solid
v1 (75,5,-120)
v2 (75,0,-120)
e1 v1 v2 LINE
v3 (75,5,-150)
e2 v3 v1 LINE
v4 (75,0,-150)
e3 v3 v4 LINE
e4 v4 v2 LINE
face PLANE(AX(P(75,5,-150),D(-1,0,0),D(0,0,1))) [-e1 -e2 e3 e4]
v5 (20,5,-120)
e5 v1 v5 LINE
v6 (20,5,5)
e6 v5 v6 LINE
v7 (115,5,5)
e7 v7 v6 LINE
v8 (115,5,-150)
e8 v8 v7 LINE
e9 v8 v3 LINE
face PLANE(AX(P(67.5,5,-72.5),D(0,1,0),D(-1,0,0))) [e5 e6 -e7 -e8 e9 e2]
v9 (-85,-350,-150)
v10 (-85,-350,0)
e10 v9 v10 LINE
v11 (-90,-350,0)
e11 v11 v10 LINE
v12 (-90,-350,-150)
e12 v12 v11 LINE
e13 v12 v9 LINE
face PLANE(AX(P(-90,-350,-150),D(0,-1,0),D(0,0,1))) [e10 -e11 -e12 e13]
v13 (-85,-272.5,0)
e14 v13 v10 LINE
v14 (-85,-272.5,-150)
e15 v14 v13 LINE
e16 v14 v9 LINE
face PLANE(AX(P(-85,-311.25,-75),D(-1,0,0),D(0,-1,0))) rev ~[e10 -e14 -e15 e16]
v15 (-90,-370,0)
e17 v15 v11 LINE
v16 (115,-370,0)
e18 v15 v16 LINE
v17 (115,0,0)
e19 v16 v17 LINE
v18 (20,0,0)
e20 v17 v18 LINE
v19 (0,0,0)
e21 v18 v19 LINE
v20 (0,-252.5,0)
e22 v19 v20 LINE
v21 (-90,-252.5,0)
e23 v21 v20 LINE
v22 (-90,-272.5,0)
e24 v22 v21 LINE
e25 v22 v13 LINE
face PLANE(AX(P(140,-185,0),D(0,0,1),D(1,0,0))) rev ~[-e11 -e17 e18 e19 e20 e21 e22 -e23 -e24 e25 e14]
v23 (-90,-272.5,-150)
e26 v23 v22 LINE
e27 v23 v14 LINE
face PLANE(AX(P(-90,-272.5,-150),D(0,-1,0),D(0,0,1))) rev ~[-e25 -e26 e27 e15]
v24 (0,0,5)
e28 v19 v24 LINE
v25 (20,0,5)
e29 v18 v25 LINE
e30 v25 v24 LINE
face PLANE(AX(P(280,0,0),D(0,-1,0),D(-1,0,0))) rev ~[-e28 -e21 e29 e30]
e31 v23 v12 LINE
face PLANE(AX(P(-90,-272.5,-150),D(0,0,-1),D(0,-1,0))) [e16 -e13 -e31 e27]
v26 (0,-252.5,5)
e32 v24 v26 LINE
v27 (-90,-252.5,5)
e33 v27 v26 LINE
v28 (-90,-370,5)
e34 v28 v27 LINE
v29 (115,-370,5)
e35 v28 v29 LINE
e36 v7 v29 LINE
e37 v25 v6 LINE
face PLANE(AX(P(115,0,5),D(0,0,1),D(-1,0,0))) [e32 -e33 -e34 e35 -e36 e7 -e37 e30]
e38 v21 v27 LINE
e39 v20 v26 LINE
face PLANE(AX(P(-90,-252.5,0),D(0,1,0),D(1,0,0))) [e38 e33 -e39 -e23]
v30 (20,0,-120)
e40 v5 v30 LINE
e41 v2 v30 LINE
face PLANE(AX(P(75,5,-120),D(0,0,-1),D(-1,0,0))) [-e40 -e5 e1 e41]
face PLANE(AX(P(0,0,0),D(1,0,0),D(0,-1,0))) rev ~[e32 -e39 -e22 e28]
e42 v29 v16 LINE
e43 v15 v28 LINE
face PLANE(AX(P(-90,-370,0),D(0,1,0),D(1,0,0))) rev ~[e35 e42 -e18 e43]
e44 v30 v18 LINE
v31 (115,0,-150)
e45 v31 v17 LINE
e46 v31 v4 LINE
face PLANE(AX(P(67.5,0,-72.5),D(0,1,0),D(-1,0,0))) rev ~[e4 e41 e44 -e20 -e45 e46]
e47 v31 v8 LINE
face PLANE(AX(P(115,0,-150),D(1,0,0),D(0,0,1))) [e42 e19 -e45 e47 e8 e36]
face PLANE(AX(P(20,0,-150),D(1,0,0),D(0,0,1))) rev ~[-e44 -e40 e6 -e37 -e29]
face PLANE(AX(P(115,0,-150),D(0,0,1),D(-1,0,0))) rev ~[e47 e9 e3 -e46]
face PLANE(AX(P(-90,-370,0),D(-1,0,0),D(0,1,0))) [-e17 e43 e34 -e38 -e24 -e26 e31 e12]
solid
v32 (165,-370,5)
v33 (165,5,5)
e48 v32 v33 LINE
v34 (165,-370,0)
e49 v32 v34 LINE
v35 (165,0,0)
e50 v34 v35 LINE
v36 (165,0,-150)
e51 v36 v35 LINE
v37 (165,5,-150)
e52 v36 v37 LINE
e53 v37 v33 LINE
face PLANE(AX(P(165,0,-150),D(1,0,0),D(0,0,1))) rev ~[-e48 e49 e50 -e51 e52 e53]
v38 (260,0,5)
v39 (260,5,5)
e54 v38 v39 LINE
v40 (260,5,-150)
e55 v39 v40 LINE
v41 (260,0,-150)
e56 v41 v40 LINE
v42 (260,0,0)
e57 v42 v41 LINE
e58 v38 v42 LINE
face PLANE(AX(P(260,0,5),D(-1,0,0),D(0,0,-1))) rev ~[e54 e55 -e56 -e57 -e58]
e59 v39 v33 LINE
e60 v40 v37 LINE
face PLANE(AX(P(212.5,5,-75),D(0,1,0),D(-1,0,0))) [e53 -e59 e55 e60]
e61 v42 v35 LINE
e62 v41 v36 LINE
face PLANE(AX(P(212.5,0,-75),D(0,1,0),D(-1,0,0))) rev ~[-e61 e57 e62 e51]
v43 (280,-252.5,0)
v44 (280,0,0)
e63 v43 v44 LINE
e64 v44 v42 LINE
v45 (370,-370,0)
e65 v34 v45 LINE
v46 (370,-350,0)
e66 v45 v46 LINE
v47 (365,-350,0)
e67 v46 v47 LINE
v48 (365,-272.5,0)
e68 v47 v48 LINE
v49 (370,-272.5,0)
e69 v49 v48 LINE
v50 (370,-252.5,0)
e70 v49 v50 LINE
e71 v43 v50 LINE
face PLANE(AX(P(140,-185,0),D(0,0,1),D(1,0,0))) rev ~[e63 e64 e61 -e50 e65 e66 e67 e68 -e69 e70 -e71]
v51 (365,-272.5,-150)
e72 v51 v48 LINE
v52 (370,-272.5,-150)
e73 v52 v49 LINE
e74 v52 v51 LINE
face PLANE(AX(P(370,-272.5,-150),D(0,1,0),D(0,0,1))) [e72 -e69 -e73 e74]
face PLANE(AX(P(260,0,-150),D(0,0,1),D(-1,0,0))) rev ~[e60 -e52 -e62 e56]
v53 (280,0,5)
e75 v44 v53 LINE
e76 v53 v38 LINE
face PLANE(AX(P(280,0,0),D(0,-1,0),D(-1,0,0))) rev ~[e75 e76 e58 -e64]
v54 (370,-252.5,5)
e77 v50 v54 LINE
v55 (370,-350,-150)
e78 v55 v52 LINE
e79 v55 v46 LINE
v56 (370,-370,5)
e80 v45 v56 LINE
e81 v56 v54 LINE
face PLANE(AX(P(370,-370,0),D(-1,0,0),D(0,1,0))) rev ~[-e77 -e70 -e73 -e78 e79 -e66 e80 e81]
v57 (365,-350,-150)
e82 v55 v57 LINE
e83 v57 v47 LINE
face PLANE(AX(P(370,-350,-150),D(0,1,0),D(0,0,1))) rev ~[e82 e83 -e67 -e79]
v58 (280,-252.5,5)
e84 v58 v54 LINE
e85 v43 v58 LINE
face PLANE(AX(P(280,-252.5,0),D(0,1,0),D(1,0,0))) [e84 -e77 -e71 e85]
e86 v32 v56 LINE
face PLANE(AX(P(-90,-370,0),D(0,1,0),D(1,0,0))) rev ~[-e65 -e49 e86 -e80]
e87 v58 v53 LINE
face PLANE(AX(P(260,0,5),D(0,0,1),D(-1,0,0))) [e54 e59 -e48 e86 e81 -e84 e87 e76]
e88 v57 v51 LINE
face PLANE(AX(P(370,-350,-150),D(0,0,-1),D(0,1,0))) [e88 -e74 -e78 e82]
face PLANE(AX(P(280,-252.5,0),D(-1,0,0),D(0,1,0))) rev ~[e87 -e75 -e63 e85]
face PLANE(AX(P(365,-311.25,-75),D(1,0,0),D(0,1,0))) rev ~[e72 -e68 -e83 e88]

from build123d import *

# Parameters (mm, degrees)
F0_W      = 90
F0_H      = 117.5
F1_DEPTH  = 5
F2_W      = 50
F2_H      = 370
F3_DEPTH  = 25
F5_W      = 77.5
F5_H      = 150
F7_DEPTH  = 5
F4_W      = 95
F4_H      = 150
F4_H_2    = 155
F4_H_3    = 5
F8_DEPTH  = 5
F6_W      = 77.5
F6_H      = 150
F9_DEPTH  = 5
F10_W     = 55
F10_H     = 30
F11_DEPTH = 25


with BuildPart() as f1:
    # F0 (on Top) → F1 (new body)
    with BuildSketch(Plane.XY):
        Polygon((280, 0), (0, 0), (0, -252.5), (0, -370), (280, -370), (280, -252.5), align=None)
        with Locations((-45, -311.25)):
            Rectangle(F0_W, F0_H)
        with Locations((325, -311.25)):
            Rectangle(F0_W, F0_H)
    extrude(amount=F1_DEPTH)

    # F2 (on face) → F3 (cut)
    with BuildSketch(Plane.XY.offset(5)):
        with Locations((140, -185)):
            Rectangle(F2_W, F2_H)
    extrude(amount=-F3_DEPTH, mode=Mode.SUBTRACT)

    # F5 (on face) → F7 (join)
    with BuildSketch(Plane(origin=(-90, 0, 0), x_dir=(0, -1, 0), z_dir=(-1, 0, 0))):
        with Locations((311.25, -75)):
            Rectangle(F5_W, F5_H)
    extrude(amount=-F7_DEPTH)

    # F4 (on face) → F8 (join)
    with BuildSketch(Plane(origin=(0, 0, 0), x_dir=(-1, 0, 0), z_dir=(0, 1, 0))):
        with Locations((-212.5, -75)):
            Rectangle(F4_W, F4_H)
        with Locations((-67.5, -72.5)):
            Rectangle(F4_W, F4_H_2)
        with Locations((-212.5, 2.5)):
            Rectangle(F4_W, F4_H_3)
    extrude(amount=F8_DEPTH)

    # F6 (on face) → F9 (join)
    with BuildSketch(Plane.YZ.offset(370)):
        with Locations((-311.25, -75)):
            Rectangle(F6_W, F6_H)
    extrude(amount=-F9_DEPTH)

    # F10 (on face) → F11 (cut)
    with BuildSketch(Plane(origin=(0, 5, 0), x_dir=(-1, 0, 0), z_dir=(0, 1, 0))):
        with Locations((-47.5, -135)):
            Rectangle(F10_W, F10_H)
    extrude(amount=-F11_DEPTH, mode=Mode.SUBTRACT)


solid = f1.part
